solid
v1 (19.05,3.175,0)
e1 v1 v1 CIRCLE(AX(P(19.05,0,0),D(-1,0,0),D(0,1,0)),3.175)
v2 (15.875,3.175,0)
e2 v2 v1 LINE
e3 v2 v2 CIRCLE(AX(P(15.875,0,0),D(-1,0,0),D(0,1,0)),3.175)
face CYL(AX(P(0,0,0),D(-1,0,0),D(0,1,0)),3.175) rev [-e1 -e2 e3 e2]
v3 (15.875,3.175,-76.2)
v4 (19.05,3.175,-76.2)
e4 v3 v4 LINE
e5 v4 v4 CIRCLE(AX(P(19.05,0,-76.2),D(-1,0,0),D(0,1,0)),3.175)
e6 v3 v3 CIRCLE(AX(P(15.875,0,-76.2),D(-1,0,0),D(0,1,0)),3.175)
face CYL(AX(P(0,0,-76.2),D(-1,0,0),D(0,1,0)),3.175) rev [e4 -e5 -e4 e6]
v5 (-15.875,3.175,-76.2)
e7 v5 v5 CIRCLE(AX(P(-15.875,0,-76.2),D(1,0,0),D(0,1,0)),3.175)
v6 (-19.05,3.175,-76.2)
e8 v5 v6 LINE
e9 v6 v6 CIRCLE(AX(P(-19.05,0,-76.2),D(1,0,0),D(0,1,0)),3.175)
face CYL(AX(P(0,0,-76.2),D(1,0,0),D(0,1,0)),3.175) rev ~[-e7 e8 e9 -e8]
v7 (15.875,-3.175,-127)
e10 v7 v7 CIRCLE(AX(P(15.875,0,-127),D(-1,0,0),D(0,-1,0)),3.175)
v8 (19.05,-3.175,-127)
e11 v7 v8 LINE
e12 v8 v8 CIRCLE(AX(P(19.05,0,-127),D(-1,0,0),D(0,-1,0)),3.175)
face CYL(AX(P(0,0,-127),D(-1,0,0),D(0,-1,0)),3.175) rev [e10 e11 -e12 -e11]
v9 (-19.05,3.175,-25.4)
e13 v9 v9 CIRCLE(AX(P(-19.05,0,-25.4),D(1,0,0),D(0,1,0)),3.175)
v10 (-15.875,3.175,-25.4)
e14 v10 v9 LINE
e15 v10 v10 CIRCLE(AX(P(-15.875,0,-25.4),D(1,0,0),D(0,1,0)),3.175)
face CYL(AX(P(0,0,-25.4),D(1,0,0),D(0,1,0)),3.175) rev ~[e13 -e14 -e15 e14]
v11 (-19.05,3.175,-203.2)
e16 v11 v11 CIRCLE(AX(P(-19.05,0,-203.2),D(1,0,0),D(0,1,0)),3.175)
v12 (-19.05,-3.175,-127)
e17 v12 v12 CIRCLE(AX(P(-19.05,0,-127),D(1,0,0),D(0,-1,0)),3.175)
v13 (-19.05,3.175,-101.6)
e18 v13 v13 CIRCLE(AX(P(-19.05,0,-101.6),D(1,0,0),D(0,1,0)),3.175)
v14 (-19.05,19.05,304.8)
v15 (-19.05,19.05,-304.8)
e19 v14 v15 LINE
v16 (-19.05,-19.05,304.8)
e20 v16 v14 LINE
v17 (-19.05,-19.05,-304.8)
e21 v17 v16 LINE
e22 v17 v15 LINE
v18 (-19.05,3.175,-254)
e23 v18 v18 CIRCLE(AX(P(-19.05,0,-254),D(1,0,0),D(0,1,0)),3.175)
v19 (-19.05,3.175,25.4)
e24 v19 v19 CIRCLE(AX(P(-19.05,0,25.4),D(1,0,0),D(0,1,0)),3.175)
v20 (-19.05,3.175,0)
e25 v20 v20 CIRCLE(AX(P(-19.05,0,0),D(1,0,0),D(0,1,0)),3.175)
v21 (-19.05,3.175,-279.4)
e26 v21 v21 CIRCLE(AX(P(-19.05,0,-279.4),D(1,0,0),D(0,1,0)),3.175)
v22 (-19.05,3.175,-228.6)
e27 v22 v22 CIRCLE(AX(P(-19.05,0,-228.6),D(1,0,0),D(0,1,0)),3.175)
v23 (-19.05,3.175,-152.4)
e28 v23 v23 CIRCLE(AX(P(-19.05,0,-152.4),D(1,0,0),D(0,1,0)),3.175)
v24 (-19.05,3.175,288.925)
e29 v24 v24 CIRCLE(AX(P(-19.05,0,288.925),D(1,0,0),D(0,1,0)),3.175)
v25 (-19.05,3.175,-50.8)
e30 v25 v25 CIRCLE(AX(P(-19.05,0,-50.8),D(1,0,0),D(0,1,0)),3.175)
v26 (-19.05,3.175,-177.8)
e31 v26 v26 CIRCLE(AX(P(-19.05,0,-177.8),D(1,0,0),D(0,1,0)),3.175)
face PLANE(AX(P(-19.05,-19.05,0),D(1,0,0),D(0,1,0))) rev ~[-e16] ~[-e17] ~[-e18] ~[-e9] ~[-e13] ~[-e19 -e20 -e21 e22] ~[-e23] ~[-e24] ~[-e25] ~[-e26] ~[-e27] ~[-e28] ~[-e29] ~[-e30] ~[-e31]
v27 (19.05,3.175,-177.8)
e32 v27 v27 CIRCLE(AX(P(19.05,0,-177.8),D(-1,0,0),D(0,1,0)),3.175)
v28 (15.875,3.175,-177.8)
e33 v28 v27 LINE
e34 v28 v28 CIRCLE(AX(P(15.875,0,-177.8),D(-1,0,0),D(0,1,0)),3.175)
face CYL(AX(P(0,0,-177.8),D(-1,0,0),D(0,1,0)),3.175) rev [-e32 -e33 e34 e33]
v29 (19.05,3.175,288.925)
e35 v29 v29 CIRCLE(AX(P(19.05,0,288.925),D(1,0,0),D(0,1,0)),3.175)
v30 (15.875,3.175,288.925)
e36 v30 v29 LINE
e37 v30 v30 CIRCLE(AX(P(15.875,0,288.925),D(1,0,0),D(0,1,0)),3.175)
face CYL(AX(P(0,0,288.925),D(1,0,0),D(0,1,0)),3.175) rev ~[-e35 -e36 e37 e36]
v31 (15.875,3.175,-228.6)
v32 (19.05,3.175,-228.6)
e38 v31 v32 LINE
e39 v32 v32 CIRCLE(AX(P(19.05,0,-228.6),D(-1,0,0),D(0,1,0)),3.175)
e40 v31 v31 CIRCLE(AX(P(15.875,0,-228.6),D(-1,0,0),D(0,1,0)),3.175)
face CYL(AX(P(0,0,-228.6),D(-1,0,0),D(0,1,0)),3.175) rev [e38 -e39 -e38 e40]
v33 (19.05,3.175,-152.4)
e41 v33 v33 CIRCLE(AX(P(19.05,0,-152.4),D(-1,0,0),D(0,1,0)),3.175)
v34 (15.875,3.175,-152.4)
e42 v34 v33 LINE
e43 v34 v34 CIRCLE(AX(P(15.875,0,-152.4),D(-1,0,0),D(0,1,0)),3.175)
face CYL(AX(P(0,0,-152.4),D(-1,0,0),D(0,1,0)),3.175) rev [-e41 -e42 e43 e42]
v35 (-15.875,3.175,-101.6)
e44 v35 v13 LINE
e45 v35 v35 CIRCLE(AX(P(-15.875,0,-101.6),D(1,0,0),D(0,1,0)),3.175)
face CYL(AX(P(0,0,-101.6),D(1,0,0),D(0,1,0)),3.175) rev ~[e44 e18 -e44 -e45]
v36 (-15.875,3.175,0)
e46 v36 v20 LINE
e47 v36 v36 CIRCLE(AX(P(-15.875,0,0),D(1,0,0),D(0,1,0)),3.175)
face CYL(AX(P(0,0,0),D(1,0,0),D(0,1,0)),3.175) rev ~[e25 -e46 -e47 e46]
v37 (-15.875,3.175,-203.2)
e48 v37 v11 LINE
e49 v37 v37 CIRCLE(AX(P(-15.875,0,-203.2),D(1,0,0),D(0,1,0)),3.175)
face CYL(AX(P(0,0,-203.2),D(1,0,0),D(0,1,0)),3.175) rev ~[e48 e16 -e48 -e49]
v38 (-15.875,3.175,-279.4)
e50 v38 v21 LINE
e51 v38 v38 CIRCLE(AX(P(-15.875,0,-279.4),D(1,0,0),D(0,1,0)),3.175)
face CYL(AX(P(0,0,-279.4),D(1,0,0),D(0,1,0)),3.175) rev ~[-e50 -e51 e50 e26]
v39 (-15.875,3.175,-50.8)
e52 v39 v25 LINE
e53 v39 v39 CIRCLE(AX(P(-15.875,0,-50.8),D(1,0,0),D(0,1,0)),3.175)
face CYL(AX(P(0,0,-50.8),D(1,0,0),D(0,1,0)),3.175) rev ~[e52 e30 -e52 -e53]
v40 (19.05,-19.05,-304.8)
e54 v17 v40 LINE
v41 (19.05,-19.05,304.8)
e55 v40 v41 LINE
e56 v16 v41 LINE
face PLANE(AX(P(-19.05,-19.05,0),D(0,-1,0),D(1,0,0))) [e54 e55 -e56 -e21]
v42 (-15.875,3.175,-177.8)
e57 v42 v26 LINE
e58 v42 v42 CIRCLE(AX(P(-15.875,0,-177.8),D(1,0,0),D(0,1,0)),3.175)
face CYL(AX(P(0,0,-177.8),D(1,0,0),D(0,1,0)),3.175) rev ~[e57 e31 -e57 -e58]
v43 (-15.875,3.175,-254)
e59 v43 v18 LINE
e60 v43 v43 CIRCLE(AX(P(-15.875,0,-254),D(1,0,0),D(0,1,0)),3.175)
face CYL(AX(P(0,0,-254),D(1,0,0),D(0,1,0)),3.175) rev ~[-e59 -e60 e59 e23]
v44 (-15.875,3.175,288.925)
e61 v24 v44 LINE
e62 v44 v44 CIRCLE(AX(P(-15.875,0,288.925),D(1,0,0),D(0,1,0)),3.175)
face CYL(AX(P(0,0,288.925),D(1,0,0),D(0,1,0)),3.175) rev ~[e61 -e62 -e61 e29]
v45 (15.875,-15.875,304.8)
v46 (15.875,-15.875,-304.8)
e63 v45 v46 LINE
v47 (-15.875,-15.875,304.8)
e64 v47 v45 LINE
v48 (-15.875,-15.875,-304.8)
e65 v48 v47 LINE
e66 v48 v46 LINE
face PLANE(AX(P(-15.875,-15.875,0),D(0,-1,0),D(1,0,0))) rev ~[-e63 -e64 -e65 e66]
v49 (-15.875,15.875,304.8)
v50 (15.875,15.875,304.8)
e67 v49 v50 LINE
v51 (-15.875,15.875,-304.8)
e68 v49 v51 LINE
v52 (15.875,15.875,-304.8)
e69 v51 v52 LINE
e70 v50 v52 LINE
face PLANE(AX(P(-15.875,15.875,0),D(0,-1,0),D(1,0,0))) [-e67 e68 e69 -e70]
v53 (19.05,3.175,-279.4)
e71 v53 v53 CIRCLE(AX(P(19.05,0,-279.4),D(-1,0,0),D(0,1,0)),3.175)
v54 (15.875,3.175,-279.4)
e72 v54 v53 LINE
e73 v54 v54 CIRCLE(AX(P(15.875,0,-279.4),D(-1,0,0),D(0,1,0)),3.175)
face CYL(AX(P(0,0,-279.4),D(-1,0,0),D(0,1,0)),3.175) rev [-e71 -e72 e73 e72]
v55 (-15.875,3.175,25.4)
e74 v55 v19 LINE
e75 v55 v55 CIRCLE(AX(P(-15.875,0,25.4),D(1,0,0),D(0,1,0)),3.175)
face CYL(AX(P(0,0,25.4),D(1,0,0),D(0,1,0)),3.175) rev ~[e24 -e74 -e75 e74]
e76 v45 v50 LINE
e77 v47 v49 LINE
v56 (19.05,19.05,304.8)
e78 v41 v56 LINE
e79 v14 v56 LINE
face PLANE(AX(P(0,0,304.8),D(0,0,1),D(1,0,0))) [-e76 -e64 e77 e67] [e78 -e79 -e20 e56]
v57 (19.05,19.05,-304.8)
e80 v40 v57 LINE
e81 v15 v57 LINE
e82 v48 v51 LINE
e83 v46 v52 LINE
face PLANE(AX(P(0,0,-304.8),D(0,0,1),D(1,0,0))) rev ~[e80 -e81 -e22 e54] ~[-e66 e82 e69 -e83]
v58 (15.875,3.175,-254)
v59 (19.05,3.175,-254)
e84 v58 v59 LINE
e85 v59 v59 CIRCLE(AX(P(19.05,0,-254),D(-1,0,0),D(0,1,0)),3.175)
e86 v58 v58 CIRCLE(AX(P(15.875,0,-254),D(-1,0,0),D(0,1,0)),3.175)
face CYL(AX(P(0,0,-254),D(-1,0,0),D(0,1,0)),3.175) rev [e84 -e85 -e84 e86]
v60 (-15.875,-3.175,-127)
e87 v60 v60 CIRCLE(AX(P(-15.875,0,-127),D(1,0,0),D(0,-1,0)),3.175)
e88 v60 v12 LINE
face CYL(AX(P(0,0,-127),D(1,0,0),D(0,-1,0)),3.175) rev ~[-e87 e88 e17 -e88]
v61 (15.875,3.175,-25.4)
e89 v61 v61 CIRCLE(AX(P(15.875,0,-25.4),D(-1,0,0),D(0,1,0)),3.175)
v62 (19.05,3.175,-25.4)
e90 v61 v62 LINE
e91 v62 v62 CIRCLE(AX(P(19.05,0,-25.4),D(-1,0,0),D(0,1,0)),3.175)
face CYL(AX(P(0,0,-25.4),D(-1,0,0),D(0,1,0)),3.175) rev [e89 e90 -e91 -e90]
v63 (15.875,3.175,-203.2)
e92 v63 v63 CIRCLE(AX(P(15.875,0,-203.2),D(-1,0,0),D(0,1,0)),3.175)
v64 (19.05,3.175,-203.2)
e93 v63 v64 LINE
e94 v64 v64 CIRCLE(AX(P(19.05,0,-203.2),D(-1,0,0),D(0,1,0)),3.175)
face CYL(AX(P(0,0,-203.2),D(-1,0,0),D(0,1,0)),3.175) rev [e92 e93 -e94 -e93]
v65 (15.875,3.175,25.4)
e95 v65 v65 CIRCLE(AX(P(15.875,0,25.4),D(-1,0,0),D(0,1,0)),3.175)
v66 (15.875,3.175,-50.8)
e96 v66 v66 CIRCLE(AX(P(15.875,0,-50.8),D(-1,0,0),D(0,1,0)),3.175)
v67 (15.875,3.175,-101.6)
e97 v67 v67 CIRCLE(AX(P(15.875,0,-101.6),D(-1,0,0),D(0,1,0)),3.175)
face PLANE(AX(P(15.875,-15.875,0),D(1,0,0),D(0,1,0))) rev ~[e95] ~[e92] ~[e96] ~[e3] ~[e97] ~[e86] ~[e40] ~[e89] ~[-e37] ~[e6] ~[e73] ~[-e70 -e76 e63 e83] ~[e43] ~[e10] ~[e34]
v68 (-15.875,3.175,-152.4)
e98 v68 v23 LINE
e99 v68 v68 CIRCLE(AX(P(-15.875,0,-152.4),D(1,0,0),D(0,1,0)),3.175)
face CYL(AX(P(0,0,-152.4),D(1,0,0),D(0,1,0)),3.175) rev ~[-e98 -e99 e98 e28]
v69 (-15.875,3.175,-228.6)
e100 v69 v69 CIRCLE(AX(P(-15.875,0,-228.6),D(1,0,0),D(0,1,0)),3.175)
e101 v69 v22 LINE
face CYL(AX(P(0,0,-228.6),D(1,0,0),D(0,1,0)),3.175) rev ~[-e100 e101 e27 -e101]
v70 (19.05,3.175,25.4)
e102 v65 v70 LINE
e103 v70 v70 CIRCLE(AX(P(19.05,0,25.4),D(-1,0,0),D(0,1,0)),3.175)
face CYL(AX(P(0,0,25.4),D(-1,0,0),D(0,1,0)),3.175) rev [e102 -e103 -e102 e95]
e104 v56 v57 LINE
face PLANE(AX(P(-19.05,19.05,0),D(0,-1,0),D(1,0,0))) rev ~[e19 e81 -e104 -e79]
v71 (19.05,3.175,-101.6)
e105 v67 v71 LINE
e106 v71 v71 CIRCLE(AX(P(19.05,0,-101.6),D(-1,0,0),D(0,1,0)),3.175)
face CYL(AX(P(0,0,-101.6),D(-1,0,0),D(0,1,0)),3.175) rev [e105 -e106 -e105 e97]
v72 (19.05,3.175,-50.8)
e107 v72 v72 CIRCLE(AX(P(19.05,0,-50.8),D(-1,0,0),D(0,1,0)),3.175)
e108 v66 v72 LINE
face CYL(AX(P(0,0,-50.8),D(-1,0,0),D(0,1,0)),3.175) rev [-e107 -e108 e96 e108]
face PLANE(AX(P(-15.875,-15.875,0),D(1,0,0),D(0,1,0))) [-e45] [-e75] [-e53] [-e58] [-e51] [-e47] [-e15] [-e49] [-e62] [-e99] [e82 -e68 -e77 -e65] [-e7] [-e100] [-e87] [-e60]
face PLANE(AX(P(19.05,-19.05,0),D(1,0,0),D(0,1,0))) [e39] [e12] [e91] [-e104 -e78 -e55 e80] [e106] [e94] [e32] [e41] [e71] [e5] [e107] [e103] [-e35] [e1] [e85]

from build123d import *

# Parameters (mm, degrees)
F0_W     = 38.1
F0_H     = 38.1
F0_W_2   = 31.75
F0_H_2   = 31.75
F1_DEPTH = 304.8
F2_R     = 3.175
F3_DEPTH = 22.225


with BuildPart() as f1:
    # F0 (on Top) → F1 (new body, symmetric)
    with BuildSketch(Plane.XY):
        Rectangle(F0_W, F0_H)
        Rectangle(F0_W_2, F0_H_2, mode=Mode.SUBTRACT)
    extrude(amount=F1_DEPTH, both=True)

    # F2 (on Right) → F3 (cut, symmetric)
    with BuildSketch(Plane.YZ):
        with Locations((0, -177.8)):
            Circle(F2_R)
        with Locations((0, -203.2)):
            Circle(F2_R)
        with Locations((0, -228.6)):
            Circle(F2_R)
        with Locations((0, -254)):
            Circle(F2_R)
        with Locations((0, -279.4)):
            Circle(F2_R)
        with Locations((0, -152.4)):
            Circle(F2_R)
        with BuildLine():
            Line((-3.175, -127), (3.175, -127))
            ThreePointArc((3.175, -127), (0, -123.825), (-3.175, -127))
        make_face()
        with BuildLine():
            ThreePointArc((-3.175, -127), (0, -130.175), (3.175, -127))
            Line((3.175, -127), (-3.175, -127))
        make_face()
        with Locations((0, -101.6)):
            Circle(F2_R)
        with Locations((0, 25.4)):
            Circle(F2_R)
        with Locations((0, -50.8)):
            Circle(F2_R)
        Circle(F2_R)
        with Locations((0, -25.4)):
            Circle(F2_R)
        with Locations((0, -76.2)):
            Circle(F2_R)
        with Locations((0, 288.925)):
            Circle(F2_R)
    extrude(amount=F3_DEPTH, both=True, mode=Mode.SUBTRACT)


solid = f1.part
